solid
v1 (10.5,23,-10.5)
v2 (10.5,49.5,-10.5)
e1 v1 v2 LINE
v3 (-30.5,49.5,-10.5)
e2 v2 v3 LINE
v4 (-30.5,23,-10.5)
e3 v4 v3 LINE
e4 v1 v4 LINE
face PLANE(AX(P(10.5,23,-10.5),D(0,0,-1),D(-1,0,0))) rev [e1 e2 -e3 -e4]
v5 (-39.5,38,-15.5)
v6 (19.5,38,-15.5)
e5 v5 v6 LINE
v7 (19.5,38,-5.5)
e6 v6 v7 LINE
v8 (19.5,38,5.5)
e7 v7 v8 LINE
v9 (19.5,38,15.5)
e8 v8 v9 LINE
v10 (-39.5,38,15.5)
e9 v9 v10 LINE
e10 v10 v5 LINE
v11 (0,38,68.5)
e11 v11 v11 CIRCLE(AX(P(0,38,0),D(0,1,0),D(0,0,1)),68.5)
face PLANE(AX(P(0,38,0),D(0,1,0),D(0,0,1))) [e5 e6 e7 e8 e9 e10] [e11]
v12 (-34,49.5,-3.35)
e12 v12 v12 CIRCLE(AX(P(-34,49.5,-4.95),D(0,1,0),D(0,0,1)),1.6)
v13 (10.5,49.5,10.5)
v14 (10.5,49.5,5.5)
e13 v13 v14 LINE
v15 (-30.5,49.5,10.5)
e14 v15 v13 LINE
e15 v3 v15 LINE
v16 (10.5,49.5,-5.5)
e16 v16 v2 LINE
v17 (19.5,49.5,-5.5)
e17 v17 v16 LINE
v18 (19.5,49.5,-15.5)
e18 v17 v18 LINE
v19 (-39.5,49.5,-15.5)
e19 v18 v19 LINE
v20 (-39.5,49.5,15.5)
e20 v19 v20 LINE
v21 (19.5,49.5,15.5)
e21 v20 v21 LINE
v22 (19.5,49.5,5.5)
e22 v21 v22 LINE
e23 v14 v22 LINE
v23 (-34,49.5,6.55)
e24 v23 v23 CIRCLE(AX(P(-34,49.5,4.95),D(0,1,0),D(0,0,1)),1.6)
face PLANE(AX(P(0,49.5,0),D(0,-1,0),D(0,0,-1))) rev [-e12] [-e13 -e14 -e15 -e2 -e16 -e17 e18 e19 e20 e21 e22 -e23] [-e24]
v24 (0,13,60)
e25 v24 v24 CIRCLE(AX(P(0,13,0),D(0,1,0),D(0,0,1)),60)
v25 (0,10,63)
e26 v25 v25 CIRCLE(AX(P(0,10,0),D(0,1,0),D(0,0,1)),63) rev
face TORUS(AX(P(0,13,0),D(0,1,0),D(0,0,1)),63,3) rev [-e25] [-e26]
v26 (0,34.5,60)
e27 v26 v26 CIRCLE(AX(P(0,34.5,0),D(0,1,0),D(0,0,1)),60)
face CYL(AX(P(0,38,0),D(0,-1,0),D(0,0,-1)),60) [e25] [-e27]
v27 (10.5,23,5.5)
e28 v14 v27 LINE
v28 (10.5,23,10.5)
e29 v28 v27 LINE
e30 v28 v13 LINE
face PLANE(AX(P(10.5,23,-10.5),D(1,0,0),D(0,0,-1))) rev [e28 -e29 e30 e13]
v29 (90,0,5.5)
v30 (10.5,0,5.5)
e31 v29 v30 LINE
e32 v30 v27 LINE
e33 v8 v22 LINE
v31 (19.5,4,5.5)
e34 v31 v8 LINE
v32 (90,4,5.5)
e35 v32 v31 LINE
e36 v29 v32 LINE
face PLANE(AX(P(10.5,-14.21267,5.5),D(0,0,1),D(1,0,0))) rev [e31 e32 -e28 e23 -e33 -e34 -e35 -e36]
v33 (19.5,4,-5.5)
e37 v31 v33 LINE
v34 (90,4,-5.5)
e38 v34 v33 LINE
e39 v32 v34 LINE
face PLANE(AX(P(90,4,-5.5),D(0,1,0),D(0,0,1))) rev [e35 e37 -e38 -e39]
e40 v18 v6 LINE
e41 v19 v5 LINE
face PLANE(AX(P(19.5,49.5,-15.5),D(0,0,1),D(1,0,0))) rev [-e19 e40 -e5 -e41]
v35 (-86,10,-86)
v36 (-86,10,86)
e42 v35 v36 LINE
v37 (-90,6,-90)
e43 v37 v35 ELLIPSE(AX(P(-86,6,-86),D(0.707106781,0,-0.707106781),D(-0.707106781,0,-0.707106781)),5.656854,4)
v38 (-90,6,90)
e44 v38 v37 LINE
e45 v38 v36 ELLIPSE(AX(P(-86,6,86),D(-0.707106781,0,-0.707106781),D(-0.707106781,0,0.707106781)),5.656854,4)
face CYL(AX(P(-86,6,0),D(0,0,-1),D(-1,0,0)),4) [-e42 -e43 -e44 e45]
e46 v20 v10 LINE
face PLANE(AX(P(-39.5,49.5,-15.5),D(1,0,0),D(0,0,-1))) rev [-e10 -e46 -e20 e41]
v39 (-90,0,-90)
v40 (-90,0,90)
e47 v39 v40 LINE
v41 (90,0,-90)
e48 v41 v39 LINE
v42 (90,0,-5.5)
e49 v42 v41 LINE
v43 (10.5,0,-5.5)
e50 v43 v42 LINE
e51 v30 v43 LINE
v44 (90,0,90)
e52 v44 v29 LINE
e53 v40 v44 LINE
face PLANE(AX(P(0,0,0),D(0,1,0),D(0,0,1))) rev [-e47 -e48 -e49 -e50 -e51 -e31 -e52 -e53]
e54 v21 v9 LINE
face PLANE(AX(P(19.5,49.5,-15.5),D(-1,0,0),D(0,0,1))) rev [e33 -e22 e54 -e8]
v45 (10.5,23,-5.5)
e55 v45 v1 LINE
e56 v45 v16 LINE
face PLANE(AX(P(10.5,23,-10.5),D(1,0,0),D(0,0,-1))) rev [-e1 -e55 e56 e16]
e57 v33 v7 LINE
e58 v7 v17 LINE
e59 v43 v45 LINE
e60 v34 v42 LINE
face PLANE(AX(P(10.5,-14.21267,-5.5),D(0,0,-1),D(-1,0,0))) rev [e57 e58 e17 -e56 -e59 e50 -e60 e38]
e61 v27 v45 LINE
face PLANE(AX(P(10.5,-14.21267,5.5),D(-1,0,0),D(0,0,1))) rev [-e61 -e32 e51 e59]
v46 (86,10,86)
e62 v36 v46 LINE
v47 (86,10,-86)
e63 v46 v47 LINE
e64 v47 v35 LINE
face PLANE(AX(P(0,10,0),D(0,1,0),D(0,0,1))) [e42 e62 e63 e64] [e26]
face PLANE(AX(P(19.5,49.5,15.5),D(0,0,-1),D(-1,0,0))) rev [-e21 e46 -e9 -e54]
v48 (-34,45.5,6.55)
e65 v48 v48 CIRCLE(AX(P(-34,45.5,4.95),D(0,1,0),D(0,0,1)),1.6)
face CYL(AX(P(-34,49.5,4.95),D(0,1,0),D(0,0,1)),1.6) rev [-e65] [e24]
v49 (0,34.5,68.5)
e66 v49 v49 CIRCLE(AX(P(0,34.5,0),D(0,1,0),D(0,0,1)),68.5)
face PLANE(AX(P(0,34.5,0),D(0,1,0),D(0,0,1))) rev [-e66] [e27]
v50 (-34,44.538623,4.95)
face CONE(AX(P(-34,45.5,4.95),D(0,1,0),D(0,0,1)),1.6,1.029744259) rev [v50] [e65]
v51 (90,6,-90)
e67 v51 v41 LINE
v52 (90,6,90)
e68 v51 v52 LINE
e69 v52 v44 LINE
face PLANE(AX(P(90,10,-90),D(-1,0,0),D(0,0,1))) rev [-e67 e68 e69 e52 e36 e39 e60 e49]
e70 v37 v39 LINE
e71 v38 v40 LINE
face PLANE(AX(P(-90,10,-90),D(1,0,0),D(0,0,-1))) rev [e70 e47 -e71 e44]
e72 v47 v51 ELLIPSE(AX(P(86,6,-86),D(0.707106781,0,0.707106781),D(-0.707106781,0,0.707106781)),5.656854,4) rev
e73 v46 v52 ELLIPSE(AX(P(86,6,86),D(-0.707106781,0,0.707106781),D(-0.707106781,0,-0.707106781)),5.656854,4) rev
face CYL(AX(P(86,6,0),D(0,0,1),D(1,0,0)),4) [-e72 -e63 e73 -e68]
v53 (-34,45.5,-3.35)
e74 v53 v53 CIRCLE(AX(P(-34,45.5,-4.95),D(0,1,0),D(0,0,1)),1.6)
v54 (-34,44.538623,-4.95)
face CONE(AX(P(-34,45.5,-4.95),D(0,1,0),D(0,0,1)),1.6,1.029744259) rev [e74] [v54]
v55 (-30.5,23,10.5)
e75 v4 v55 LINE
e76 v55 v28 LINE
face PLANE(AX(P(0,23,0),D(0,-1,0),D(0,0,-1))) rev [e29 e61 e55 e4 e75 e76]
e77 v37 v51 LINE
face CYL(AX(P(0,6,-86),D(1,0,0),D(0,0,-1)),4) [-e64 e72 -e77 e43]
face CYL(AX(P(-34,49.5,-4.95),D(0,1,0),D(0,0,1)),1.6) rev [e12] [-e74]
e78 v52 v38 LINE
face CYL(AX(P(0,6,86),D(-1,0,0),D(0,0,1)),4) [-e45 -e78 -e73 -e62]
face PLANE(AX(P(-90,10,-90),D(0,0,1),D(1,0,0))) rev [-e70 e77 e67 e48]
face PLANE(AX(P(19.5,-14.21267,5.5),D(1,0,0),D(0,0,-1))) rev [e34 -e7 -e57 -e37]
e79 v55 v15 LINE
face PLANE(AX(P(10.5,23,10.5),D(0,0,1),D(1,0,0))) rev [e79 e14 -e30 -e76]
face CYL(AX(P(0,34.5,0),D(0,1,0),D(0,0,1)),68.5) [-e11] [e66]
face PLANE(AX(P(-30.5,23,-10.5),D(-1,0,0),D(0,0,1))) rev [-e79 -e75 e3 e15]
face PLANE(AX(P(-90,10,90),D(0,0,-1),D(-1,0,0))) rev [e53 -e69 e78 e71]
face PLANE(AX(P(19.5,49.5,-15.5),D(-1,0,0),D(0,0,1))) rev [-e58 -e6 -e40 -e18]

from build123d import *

# Parameters (mm, degrees)
ESQUISSE1_W             = 180
ESQUISSE1_H             = 180
CARR_DEPTH              = 10
ESQUISSE2_R             = 60
ROND_DEPTH              = 28
CONG_2_R                = 4
CONG_8_R                = 3
ESQUISSE27_R            = 68.5
BOSS_EXTRU_2_DEPTH      = 3.5
ESQUISSE20_W            = 41
ESQUISSE20_H            = 21
ENL_V_MAT_EXTRU_1_DEPTH = 15
ESQUISSE21_W            = 59
ESQUISSE21_H            = 31
ESQUISSE21_W_2          = 41
ESQUISSE21_H_2          = 21
BOSS_EXTRU_1_DEPTH      = 26.5
D_GAGEMENT_M31_D        = 3.2
D_GAGEMENT_M31_DEPTH    = 4
D_GAGEMENT_M31_TIP      = 0.96137699
ENL_V_MAT_EXTRU_2_REACH = 138.566
ESQUISSE25_W            = 9
ESQUISSE25_H            = 11
ESQUISSE26_W            = 11
ESQUISSE26_H            = 4
ENL_V_MAT_EXTRU_3_DEPTH = 151.134939305


with BuildPart() as part:
    # Esquisse1 → Carré (new body)
    with BuildSketch(Plane(origin=(0, 0, 0), x_dir=(1, 0, 0), z_dir=(0, 1, 0))):
        Rectangle(ESQUISSE1_W, ESQUISSE1_H)
    extrude(amount=CARR_DEPTH)

    # Esquisse2 → Rond (add)
    with BuildSketch(Plane(origin=(0, 10, 0), x_dir=(1, 0, 0), z_dir=(0, 1, 0))):
        with Locations(Location((0, 0, 0), (0, 0, 270))):
            Circle(ESQUISSE2_R)
    extrude(amount=ROND_DEPTH)

    # Congé2
    cong_2_edges = [part.edges().sort_by_distance(p)[0] for p in [
        (-90, 10, 0),
        (0, 10, 90),
        (90, 10, 0),
        (0, 10, -90),
    ]]
    fillet(cong_2_edges, radius=CONG_2_R)

    # Congé8
    cong_8_edges = [part.edges().sort_by_distance(p)[0] for p in [
        (0, 10, -60),
    ]]
    fillet(cong_8_edges, radius=CONG_8_R)

    # Esquisse27 → Boss.-Extru.2 (add)
    with BuildSketch(Plane(origin=(0, 38, 0), x_dir=(1, 0, 0), z_dir=(0, 1, 0))):
        with Locations(Location((0, 0, 0), (0, 0, 270))):
            Circle(ESQUISSE27_R)
    extrude(amount=-BOSS_EXTRU_2_DEPTH)

    # Esquisse20 → Enlèv. mat.-Extru.1 (cut)
    with BuildSketch(Plane(origin=(0, 38, 0), x_dir=(1, 0, 0), z_dir=(0, 1, 0))):
        with Locations((-10, 0)):
            Rectangle(ESQUISSE20_W, ESQUISSE20_H)
    extrude(amount=-ENL_V_MAT_EXTRU_1_DEPTH, mode=Mode.SUBTRACT)

    # Esquisse21 → Boss.-Extru.1 (add)
    with BuildSketch(Plane(origin=(0, 23, 0), x_dir=(1, 0, 0), z_dir=(0, 1, 0))):
        with Locations((-10, 0)):
            Rectangle(ESQUISSE21_W, ESQUISSE21_H)
        with Locations((-10, 0)):
            Rectangle(ESQUISSE21_W_2, ESQUISSE21_H_2, mode=Mode.SUBTRACT)
    extrude(amount=BOSS_EXTRU_1_DEPTH)

    # Dégagement M31
    with Locations(Plane(origin=(0, 49.5, 0), x_dir=(1, 0, 0), z_dir=(0, 1, 0))):
        with Locations((-34, 4.95), (-34, -4.95)):
            Hole(D_GAGEMENT_M31_D / 2, depth=D_GAGEMENT_M31_DEPTH)
            with Locations((0, 0, -(D_GAGEMENT_M31_DEPTH + D_GAGEMENT_M31_TIP / 2))):  # 118° drill point
                Cone(0, D_GAGEMENT_M31_D / 2, D_GAGEMENT_M31_TIP, mode=Mode.SUBTRACT)

    # Enlèv. mat.-Extru.2: up to this face of the body (flat: up to its plane)
    enl_v_mat_extru_2_end = Plane(part.part.faces().sort_by_distance((0, 0, 0))[0])
    # Esquisse25 → Enlèv. mat.-Extru.2 (cut, up to the picked face)
    with BuildSketch(Plane(origin=(0, 49.5, 0), x_dir=(1, 0, 0), z_dir=(0, 1, 0)), mode=Mode.PRIVATE) as enl_v_mat_extru_2_sk1:
        with Locations((15, 0)):
            Rectangle(ESQUISSE25_W, ESQUISSE25_H)
    enl_v_mat_extru_2_tool1 = split(extrude(enl_v_mat_extru_2_sk1.sketch, amount=-ENL_V_MAT_EXTRU_2_REACH, mode=Mode.PRIVATE), bisect_by=enl_v_mat_extru_2_end, keep=Keep.BOTH, mode=Mode.PRIVATE)
    add(enl_v_mat_extru_2_tool1.solids().sort_by(Axis((15, 49.5, 0), (0, -1, 0)))[0], mode=Mode.SUBTRACT)

    # Esquisse26 → Enlèv. mat.-Extru.3 (cut, through all)
    with BuildSketch(Plane.ZY.offset(-19.5)):
        with Locations((0, 2)):
            Rectangle(ESQUISSE26_W, ESQUISSE26_H)
    extrude(amount=-ENL_V_MAT_EXTRU_3_DEPTH, mode=Mode.SUBTRACT)


solid = part.part
